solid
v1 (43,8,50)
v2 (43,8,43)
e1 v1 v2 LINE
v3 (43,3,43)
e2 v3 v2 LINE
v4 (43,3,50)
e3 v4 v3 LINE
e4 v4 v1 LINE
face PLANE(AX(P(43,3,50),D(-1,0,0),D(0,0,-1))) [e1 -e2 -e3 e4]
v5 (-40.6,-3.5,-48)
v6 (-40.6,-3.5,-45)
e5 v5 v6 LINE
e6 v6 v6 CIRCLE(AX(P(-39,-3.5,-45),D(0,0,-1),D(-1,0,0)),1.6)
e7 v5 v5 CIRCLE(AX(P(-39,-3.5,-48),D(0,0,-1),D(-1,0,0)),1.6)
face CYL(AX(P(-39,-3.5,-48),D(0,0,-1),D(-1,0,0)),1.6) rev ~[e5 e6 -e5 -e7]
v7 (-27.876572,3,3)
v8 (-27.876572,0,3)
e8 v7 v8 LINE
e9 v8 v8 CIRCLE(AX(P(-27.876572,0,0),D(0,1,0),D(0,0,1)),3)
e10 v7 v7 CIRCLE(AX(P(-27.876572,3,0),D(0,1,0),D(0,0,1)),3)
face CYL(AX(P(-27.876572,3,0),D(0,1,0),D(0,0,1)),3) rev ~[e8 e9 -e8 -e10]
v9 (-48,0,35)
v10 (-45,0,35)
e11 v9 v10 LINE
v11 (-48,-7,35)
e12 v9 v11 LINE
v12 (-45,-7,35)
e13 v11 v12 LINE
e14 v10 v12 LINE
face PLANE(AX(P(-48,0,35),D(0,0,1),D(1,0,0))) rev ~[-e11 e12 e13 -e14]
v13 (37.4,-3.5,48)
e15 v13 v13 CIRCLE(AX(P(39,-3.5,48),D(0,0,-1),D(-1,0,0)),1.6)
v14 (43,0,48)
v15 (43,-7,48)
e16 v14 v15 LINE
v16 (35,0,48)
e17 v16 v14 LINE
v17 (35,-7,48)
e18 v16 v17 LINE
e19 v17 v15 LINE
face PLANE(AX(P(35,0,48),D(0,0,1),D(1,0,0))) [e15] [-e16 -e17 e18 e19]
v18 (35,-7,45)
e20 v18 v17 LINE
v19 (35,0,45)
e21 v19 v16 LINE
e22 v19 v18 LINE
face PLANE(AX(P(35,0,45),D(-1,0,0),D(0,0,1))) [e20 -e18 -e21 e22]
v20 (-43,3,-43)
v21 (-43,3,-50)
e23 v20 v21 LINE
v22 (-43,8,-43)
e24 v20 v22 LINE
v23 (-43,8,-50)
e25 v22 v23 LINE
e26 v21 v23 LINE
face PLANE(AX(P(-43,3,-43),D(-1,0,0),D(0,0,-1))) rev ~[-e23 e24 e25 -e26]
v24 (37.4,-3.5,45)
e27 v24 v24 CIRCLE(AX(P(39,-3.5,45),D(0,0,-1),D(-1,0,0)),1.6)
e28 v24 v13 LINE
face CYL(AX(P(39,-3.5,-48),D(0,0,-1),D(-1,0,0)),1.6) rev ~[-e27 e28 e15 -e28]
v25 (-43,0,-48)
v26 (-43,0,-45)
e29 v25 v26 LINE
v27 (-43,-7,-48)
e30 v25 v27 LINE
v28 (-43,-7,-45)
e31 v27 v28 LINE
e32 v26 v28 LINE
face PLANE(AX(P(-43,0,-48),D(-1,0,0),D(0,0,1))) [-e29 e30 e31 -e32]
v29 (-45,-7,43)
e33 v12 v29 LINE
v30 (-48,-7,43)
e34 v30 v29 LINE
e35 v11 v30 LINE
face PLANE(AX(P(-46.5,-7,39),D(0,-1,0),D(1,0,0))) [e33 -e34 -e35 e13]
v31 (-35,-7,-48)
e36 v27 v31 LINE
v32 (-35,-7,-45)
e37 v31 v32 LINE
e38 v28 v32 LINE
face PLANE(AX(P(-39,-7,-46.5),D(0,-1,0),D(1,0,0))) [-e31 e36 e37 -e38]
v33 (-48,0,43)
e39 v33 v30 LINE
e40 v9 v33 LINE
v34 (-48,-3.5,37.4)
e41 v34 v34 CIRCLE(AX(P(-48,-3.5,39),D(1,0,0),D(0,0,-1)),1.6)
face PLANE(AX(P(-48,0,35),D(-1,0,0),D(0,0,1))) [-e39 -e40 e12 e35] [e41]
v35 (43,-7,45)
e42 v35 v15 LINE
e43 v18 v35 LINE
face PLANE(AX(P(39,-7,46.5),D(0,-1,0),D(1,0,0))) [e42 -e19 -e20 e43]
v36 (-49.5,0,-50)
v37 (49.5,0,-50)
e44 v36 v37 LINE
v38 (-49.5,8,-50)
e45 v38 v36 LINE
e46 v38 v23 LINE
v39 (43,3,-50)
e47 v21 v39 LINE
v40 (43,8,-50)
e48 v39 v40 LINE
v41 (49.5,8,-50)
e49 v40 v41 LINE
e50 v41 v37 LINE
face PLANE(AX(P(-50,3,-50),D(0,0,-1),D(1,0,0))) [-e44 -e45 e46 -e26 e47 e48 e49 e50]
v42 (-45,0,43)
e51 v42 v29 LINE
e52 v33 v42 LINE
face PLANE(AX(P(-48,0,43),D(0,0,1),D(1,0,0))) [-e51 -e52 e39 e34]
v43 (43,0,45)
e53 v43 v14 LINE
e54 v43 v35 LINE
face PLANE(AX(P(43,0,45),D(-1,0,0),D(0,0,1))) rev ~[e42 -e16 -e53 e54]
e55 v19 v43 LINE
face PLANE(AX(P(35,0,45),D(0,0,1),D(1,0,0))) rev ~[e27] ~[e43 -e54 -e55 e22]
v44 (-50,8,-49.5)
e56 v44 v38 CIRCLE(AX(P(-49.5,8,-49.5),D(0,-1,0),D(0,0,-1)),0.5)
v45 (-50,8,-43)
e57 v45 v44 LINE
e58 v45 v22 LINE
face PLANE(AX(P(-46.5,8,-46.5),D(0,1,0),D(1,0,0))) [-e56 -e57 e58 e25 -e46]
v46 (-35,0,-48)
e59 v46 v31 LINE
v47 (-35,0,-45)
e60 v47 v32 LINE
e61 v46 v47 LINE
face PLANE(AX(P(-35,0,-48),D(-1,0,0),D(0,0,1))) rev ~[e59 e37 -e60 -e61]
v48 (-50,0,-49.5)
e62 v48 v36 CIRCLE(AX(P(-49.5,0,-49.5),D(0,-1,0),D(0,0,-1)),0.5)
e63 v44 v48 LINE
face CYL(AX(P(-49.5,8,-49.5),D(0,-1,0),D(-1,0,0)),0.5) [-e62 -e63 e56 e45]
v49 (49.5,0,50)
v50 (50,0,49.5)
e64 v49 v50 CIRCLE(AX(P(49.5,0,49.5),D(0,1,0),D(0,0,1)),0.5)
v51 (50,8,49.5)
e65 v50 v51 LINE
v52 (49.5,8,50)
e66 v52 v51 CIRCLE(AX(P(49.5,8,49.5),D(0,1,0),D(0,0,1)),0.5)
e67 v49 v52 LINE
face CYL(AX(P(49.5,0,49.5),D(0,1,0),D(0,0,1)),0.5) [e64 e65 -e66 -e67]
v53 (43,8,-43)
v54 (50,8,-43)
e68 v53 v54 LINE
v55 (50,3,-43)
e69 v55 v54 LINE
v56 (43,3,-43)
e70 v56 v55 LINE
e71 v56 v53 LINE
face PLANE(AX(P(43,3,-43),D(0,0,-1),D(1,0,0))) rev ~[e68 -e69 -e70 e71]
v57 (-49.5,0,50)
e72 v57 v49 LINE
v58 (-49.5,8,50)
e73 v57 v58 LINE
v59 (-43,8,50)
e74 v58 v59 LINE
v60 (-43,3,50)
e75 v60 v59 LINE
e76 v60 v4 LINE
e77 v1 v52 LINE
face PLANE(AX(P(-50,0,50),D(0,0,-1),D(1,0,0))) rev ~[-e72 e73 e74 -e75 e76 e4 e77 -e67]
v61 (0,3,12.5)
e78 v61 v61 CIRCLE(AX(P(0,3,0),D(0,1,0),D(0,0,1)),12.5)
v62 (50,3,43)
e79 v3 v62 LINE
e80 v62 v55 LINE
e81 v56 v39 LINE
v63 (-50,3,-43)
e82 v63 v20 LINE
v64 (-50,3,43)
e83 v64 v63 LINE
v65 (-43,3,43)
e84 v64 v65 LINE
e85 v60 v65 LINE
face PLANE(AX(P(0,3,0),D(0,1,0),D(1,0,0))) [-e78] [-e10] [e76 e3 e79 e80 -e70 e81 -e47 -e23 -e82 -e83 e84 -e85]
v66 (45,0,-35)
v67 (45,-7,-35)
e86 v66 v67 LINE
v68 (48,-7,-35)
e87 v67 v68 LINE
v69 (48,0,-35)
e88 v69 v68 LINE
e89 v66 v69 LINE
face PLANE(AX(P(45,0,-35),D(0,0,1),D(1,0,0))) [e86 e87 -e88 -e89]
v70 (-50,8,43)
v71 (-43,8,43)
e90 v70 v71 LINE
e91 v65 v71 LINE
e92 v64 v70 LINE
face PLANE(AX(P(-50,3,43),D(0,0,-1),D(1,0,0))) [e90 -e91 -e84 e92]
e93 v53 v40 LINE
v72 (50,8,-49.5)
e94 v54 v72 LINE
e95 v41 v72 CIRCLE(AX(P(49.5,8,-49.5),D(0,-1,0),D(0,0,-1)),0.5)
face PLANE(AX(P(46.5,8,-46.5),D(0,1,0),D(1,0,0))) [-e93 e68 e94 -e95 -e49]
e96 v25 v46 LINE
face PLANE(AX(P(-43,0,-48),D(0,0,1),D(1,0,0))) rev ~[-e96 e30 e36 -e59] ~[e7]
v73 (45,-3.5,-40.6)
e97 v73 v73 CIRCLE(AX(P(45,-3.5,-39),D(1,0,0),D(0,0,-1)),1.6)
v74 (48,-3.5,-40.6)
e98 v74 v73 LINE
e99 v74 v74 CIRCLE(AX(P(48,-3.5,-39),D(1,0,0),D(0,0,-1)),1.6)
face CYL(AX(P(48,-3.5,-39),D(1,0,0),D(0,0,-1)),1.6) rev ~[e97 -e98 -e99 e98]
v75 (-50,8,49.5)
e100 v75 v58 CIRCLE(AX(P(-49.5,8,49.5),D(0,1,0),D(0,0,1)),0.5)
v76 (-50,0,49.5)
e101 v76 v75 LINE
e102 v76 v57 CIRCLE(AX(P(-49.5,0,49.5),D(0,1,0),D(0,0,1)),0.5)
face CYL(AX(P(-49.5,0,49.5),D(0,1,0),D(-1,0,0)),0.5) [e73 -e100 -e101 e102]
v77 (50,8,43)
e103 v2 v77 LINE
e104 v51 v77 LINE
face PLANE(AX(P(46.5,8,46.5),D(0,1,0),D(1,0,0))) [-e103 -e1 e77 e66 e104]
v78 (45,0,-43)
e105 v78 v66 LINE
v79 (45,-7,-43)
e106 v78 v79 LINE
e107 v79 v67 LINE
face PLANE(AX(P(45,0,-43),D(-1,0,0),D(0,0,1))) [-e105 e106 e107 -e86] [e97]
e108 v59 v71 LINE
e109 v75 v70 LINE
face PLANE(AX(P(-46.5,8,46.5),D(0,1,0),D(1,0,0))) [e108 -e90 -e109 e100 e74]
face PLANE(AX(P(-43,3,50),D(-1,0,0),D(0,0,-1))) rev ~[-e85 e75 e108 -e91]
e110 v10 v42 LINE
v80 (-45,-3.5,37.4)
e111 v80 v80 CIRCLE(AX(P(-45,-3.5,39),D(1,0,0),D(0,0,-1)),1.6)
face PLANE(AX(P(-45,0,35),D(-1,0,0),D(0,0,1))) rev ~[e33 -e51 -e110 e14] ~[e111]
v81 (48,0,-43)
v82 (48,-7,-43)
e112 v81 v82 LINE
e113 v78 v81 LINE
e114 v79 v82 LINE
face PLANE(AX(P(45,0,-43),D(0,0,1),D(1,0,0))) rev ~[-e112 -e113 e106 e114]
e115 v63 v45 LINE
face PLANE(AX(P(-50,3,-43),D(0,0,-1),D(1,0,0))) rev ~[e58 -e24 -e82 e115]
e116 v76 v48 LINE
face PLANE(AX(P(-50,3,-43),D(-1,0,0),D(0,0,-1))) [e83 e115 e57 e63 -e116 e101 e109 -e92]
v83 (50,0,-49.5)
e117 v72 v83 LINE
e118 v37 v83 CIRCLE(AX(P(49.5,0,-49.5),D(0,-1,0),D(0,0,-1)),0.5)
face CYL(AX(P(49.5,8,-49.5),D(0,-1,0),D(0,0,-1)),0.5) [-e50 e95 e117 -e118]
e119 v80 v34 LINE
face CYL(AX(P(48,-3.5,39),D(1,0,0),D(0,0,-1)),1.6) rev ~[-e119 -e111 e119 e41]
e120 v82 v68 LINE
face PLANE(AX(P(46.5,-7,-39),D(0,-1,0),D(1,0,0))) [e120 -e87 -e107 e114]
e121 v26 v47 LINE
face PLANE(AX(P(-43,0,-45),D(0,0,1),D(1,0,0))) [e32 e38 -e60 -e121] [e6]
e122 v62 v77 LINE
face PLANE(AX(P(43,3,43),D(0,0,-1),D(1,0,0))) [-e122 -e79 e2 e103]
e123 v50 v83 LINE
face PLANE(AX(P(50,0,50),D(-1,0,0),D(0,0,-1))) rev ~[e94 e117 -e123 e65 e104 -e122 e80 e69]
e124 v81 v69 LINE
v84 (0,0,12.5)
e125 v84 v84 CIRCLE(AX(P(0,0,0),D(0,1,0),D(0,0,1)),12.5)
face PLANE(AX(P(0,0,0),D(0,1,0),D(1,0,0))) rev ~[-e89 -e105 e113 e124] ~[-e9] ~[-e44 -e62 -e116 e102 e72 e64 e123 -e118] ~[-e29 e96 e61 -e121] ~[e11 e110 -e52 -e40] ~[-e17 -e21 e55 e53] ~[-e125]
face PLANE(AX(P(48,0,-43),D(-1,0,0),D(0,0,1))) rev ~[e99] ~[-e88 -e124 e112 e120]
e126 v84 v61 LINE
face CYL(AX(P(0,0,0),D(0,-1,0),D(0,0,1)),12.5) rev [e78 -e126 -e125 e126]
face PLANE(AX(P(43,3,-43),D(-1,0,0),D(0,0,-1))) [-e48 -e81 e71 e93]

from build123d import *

# Parameters (mm, degrees)
SKETCH2_W           = 100
SKETCH2_H           = 100
SKETCH2_R           = 12.5
BOSS_EXTRUDE1_DEPTH = 3
SKETCH3_W           = 7
SKETCH3_H           = 7
BOSS_EXTRUDE2_DEPTH = 5
SKETCH4_W           = 3
SKETCH4_H           = 8
SKETCH4_W_2         = 8
SKETCH4_H_2         = 3
BOSS_EXTRUDE3_DEPTH = 7
SKETCH5_R           = 1.6
CUT_EXTRUDE1_DEPTH  = 111.308657865
SKETCH8_R           = 1.6
CUT_EXTRUDE4_DEPTH  = 111.308657865
SKETCH9_R           = 3
CUT_EXTRUDE5_DEPTH  = 10
FILLET1_R           = 0.5


with BuildPart() as part:
    # Sketch2 → Boss-Extrude1 (new body)
    with BuildSketch(Plane(origin=(0, 0, 0), x_dir=(1, 0, 0), z_dir=(0, 1, 0))):
        Rectangle(SKETCH2_W, SKETCH2_H)
        with Locations(Location((0, 0, 0), (0, 0, 270))):
            Circle(SKETCH2_R, mode=Mode.SUBTRACT)
    extrude(amount=BOSS_EXTRUDE1_DEPTH)

    # Sketch3 → Boss-Extrude2 (add)
    with BuildSketch(Plane(origin=(0, 3, 0), x_dir=(1, 0, 0), z_dir=(0, 1, 0))):
        with Locations((-46.5, 46.5)):
            Rectangle(SKETCH3_W, SKETCH3_H)
        with Locations((46.5, 46.5)):
            Rectangle(SKETCH3_W, SKETCH3_H)
        with Locations((46.5, -46.5)):
            Rectangle(SKETCH3_W, SKETCH3_H)
        with Locations((-46.5, -46.5)):
            Rectangle(SKETCH3_W, SKETCH3_H)
    extrude(amount=BOSS_EXTRUDE2_DEPTH)

    # Sketch4 → Boss-Extrude3 (add)
    with BuildSketch(Plane.XZ):
        with Locations((46.5, -39)):
            Rectangle(SKETCH4_W, SKETCH4_H)
        with Locations((39, 46.5)):
            Rectangle(SKETCH4_W_2, SKETCH4_H_2)
        with Locations((-46.5, 39)):
            Rectangle(SKETCH4_W, SKETCH4_H)
        with Locations((-39, -46.5)):
            Rectangle(SKETCH4_W_2, SKETCH4_H_2)
    extrude(amount=BOSS_EXTRUDE3_DEPTH)

    # Sketch5 → Cut-Extrude1 (cut, through all)
    with BuildSketch(Plane(origin=(0, 0, -48), x_dir=(-1, 0, 0), z_dir=(0, 0, -1))):
        with Locations((39, -3.5)):
            Circle(SKETCH5_R)
        with Locations((-39, -3.5)):
            Circle(SKETCH5_R)
    extrude(amount=-CUT_EXTRUDE1_DEPTH, mode=Mode.SUBTRACT)

    # Sketch8 → Cut-Extrude4 (cut, through all)
    with BuildSketch(Plane(origin=(48, 0, 0), x_dir=(0, 0, -1), z_dir=(1, 0, 0))):
        with Locations((-39, -3.5)):
            Circle(SKETCH8_R)
        with Locations((39, -3.5)):
            Circle(SKETCH8_R)
    extrude(amount=-CUT_EXTRUDE4_DEPTH, mode=Mode.SUBTRACT)

    # Sketch9 → Cut-Extrude5 (cut)
    with BuildSketch(Plane(origin=(0, 3, 0), x_dir=(1, 0, 0), z_dir=(0, 1, 0))):
        with Locations(Location((-27.876571837, 0, 0), (0, 0, 270))):
            Circle(SKETCH9_R)
    extrude(amount=-CUT_EXTRUDE5_DEPTH, mode=Mode.SUBTRACT)

    # Fillet1
    fillet1_edges = [part.edges().sort_by_distance(p)[0] for p in [
        (-50, 4, 50),
        (-50, 4, -50),
        (50, 4, -50),
        (50, 4, 50),
    ]]
    fillet(fillet1_edges, radius=FILLET1_R)


solid = part.part
